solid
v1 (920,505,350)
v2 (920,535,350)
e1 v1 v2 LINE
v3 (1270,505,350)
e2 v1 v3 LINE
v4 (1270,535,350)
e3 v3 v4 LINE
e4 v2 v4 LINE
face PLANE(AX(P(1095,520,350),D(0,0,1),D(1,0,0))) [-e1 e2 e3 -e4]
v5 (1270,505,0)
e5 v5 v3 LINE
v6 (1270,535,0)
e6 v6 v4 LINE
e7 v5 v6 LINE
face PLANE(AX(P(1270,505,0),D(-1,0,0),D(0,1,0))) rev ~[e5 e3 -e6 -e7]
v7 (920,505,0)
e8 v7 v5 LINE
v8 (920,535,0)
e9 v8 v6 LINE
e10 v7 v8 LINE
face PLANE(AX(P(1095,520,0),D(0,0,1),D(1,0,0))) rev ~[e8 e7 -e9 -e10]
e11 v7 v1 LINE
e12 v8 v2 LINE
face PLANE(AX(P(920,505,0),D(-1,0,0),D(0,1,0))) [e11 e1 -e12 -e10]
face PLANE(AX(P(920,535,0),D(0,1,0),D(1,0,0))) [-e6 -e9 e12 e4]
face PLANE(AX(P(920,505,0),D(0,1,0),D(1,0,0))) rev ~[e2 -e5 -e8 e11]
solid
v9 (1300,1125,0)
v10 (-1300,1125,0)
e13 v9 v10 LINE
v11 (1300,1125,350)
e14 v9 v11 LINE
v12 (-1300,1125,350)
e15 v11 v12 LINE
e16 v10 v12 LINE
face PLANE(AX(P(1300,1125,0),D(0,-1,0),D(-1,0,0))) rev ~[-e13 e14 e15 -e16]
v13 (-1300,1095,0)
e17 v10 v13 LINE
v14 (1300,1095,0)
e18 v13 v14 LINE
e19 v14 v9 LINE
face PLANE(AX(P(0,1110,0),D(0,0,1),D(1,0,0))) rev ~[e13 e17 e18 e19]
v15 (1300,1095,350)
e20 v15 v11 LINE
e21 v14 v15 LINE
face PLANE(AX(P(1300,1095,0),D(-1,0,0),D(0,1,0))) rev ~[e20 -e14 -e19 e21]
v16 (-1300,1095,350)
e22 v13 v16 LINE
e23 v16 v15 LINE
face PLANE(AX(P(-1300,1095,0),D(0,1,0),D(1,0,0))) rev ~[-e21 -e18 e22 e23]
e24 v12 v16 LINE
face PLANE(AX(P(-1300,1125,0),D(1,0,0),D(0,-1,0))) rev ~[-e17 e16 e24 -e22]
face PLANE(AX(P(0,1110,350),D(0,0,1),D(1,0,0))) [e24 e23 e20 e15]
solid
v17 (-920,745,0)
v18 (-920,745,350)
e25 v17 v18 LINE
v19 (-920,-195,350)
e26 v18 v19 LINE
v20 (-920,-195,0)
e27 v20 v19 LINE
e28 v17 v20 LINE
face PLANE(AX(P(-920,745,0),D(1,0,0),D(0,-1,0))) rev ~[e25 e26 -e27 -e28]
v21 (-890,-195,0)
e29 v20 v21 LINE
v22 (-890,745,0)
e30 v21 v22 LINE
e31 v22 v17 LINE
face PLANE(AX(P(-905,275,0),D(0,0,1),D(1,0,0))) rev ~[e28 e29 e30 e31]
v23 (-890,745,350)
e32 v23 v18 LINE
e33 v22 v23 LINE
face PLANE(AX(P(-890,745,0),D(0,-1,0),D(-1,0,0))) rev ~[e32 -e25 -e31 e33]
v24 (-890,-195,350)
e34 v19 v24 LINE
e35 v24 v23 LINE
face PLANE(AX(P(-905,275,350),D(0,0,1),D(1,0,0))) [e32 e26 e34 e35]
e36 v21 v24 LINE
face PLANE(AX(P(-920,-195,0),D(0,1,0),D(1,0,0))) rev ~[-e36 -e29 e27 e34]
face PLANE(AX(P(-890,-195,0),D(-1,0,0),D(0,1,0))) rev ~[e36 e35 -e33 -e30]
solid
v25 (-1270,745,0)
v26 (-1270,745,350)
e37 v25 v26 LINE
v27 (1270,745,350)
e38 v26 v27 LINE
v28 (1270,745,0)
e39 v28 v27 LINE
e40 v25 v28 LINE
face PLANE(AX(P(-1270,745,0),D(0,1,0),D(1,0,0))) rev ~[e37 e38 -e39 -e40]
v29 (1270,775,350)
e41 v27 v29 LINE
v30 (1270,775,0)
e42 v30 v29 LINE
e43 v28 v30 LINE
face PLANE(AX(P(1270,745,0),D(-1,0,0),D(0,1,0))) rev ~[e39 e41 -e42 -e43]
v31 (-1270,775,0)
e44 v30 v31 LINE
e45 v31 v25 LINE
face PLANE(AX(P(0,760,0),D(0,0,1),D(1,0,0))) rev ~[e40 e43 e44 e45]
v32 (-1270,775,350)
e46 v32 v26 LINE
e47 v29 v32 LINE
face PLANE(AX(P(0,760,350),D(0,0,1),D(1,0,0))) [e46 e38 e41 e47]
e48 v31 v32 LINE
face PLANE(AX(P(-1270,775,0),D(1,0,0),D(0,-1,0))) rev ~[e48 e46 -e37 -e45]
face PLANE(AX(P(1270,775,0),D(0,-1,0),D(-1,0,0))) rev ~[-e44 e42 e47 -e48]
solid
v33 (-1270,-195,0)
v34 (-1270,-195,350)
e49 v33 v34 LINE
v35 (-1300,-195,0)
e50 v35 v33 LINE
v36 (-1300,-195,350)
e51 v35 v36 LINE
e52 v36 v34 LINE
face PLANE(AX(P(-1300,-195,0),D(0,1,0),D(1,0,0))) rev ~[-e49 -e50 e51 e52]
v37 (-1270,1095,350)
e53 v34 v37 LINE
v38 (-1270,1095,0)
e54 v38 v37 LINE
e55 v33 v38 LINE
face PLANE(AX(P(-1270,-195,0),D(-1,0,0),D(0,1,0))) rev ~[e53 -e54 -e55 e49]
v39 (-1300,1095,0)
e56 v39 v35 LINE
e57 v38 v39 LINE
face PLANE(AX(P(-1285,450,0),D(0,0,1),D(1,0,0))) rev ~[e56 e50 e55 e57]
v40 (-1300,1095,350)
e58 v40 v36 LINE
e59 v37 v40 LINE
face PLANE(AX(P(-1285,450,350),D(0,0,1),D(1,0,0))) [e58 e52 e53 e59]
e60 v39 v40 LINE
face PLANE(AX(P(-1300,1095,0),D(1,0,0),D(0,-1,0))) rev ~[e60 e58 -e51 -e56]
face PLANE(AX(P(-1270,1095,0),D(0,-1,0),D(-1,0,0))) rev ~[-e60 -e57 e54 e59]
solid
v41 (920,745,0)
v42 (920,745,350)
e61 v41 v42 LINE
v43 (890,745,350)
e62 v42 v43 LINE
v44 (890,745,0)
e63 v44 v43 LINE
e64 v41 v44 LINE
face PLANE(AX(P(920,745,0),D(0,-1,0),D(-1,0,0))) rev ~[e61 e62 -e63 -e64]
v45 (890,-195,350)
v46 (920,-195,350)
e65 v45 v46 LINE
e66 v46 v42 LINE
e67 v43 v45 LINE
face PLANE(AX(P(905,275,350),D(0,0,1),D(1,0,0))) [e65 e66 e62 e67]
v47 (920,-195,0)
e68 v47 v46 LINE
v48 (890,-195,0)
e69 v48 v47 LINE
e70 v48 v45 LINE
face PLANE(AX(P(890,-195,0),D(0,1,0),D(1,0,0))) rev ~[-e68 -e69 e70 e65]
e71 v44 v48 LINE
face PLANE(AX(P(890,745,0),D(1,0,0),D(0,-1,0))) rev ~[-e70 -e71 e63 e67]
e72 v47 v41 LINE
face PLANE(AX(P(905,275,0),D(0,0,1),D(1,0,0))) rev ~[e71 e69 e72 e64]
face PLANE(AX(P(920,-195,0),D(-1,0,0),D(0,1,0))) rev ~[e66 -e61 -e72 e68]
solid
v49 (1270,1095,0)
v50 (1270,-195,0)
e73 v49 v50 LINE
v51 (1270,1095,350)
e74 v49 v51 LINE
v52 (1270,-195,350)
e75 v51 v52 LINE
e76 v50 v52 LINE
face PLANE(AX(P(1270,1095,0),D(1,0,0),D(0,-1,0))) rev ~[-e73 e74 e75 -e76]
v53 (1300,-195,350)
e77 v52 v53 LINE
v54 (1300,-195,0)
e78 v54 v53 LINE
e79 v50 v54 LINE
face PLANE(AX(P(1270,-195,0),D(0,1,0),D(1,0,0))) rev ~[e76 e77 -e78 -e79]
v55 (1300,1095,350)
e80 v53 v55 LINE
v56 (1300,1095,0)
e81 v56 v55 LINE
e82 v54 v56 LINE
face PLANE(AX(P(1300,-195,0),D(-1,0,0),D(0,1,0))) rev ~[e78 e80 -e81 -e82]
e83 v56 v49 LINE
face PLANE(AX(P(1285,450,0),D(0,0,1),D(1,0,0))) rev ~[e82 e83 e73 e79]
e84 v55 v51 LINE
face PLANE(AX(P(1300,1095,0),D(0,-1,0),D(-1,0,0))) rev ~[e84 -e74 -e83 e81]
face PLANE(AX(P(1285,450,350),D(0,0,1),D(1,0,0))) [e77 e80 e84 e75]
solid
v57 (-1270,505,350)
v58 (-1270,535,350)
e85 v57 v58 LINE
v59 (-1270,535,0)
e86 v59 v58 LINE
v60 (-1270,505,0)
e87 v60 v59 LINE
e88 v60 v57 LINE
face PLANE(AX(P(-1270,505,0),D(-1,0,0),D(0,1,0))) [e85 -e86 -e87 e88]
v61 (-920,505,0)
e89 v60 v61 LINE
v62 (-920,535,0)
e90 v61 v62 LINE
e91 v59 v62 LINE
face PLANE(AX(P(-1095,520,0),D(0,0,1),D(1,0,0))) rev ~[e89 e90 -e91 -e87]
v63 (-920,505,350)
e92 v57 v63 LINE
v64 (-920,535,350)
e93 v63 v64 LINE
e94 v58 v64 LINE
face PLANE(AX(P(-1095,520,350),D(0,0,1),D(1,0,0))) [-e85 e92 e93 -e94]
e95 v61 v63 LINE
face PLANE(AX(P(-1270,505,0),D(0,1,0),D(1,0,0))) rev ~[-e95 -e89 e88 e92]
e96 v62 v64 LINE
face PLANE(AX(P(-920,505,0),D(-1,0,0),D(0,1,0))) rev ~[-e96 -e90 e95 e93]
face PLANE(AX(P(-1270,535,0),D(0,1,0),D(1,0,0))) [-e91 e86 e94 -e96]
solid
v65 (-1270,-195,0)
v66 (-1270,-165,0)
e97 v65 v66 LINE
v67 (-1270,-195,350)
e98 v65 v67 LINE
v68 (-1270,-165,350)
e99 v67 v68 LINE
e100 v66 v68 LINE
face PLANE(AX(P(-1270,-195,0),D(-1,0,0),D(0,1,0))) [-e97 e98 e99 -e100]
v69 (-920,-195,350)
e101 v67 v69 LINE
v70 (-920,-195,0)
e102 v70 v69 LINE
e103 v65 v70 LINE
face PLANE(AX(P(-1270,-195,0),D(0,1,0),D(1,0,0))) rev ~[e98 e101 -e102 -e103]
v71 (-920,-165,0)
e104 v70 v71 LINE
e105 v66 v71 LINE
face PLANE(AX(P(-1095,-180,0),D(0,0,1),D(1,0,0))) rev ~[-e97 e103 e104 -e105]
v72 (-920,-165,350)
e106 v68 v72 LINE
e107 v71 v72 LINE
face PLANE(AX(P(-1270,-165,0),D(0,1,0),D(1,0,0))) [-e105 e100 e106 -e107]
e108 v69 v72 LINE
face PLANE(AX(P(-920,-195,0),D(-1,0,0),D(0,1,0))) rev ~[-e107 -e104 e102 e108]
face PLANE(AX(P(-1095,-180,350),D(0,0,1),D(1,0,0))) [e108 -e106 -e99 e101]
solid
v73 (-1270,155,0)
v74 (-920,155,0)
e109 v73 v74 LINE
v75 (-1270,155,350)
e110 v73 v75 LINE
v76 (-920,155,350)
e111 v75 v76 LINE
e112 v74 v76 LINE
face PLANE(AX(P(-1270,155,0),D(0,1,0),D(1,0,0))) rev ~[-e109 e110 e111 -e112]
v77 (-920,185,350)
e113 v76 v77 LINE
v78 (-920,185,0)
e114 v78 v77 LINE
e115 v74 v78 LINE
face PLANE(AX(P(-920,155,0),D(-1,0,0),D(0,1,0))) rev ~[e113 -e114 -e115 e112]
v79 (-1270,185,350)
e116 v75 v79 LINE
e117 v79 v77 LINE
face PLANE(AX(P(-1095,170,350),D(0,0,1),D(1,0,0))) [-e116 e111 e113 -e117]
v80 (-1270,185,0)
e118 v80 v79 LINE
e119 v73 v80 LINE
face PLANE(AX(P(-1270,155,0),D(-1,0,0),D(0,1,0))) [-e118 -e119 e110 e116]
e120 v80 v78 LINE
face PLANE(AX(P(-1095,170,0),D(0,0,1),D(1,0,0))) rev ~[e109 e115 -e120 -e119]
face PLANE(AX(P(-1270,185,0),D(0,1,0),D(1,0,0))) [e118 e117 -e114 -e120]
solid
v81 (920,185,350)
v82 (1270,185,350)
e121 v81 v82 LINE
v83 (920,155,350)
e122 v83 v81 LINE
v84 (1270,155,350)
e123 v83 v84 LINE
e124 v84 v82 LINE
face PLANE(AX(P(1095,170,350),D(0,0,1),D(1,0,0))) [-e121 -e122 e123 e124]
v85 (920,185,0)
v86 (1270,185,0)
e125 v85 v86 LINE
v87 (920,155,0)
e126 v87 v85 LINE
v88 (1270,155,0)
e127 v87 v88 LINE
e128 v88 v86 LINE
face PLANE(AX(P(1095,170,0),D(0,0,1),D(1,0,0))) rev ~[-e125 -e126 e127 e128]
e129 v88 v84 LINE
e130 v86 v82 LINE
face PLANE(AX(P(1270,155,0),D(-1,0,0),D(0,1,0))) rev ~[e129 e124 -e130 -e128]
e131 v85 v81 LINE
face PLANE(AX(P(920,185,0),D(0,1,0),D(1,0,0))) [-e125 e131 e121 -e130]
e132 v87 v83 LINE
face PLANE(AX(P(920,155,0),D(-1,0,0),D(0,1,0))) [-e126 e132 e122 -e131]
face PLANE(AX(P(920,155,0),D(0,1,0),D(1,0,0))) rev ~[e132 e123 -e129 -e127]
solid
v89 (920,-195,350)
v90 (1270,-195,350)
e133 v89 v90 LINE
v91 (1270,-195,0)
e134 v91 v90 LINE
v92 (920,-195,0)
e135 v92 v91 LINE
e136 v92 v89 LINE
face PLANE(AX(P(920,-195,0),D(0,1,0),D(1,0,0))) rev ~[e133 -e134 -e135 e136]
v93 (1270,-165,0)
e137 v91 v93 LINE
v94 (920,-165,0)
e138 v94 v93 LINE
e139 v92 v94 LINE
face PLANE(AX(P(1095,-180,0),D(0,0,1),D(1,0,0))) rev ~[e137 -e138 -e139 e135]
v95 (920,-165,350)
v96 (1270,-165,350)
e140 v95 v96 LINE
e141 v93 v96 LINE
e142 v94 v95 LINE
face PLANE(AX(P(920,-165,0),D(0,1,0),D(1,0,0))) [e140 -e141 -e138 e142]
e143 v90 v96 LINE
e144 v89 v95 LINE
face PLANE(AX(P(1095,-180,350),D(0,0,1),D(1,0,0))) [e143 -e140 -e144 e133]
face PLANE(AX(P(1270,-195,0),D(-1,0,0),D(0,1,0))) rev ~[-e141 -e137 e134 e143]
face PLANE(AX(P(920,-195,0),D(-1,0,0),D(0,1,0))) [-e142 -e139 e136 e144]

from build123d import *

# Parameters (mm, degrees)
F0_W     = 350
F0_H     = 30
F1_DEPTH = 350
F2_DEPTH = 350


with BuildPart() as f1:
    # F0 (on Top) → F1 (new body)
    with BuildSketch(Plane.XY):
        with Locations((-1095, -180)):
            Rectangle(F0_W, F0_H)
    extrude(amount=F1_DEPTH)


with BuildPart() as f1b:
    # F0 (on Top) → F1, piece 2 (new body)
    with BuildSketch(Plane.XY):
        with Locations((-1095, 170)):
            Rectangle(F0_W, F0_H)
    extrude(amount=F1_DEPTH)


with BuildPart() as f1c:
    # F0 (on Top) → F1, piece 3 (new body)
    with BuildSketch(Plane.XY):
        with Locations((-1095, 520)):
            Rectangle(F0_W, F0_H)
    extrude(amount=F1_DEPTH)


with BuildPart() as f1d:
    # F0 (on Top) → F1, piece 4 (new body)
    with BuildSketch(Plane.XY):
        Polygon((1270, 745), (1270, 775), (-1270, 775), (-1270, 745), (-920, 745), (-890, 745), (890, 745), (920, 745), align=None)
    extrude(amount=F1_DEPTH)


with BuildPart() as f1e:
    # F0 (on Top) → F1, piece 5 (new body)
    with BuildSketch(Plane.XY):
        Polygon((1300, 1095), (1300, 1125), (-1300, 1125), (-1300, 1095), (-1270, 1095), (1270, 1095), align=None)
    extrude(amount=F1_DEPTH)


with BuildPart() as f1f:
    # F0 (on Top) → F1, piece 6 (new body)
    with BuildSketch(Plane.XY):
        with Locations((1095, 520)):
            Rectangle(F0_W, F0_H)
    extrude(amount=F1_DEPTH)


with BuildPart() as f1g:
    # F0 (on Top) → F1, piece 7 (new body)
    with BuildSketch(Plane.XY):
        with Locations((1095, 170)):
            Rectangle(F0_W, F0_H)
    extrude(amount=F1_DEPTH)


with BuildPart() as f1h:
    # F0 (on Top) → F1, piece 8 (new body)
    with BuildSketch(Plane.XY):
        with Locations((1095, -180)):
            Rectangle(F0_W, F0_H)
    extrude(amount=F1_DEPTH)


with BuildPart() as f2:
    # F0 (on Top) → F2 (new body)
    with BuildSketch(Plane.XY):
        Polygon((-1270, 1095), (-1300, 1095), (-1300, -195), (-1270, -195), (-1270, -165), (-1270, 155), (-1270, 185), (-1270, 505), (-1270, 535), (-1270, 745), (-1270, 775), align=None)
    extrude(amount=F2_DEPTH)


with BuildPart() as f2b:
    # F0 (on Top) → F2, piece 2 (new body)
    with BuildSketch(Plane.XY):
        Polygon((-920, -165), (-920, -195), (-890, -195), (-890, 745), (-920, 745), (-920, 535), (-920, 505), (-920, 185), (-920, 155), align=None)
    extrude(amount=F2_DEPTH)


with BuildPart() as f2c:
    # F0 (on Top) → F2, piece 3 (new body)
    with BuildSketch(Plane.XY):
        Polygon((890, -195), (920, -195), (920, -165), (920, 155), (920, 185), (920, 505), (920, 535), (920, 745), (890, 745), align=None)
    extrude(amount=F2_DEPTH)


with BuildPart() as f2d:
    # F0 (on Top) → F2, piece 4 (new body)
    with BuildSketch(Plane.XY):
        Polygon((1300, -195), (1300, 1095), (1270, 1095), (1270, 775), (1270, 745), (1270, 535), (1270, 505), (1270, 185), (1270, 155), (1270, -165), (1270, -195), align=None)
    extrude(amount=F2_DEPTH)


solid = Compound([f1.part, f1b.part, f1c.part, f1d.part, f1e.part, f1f.part, f1g.part, f1h.part, f2.part, f2b.part, f2c.part, f2d.part])
